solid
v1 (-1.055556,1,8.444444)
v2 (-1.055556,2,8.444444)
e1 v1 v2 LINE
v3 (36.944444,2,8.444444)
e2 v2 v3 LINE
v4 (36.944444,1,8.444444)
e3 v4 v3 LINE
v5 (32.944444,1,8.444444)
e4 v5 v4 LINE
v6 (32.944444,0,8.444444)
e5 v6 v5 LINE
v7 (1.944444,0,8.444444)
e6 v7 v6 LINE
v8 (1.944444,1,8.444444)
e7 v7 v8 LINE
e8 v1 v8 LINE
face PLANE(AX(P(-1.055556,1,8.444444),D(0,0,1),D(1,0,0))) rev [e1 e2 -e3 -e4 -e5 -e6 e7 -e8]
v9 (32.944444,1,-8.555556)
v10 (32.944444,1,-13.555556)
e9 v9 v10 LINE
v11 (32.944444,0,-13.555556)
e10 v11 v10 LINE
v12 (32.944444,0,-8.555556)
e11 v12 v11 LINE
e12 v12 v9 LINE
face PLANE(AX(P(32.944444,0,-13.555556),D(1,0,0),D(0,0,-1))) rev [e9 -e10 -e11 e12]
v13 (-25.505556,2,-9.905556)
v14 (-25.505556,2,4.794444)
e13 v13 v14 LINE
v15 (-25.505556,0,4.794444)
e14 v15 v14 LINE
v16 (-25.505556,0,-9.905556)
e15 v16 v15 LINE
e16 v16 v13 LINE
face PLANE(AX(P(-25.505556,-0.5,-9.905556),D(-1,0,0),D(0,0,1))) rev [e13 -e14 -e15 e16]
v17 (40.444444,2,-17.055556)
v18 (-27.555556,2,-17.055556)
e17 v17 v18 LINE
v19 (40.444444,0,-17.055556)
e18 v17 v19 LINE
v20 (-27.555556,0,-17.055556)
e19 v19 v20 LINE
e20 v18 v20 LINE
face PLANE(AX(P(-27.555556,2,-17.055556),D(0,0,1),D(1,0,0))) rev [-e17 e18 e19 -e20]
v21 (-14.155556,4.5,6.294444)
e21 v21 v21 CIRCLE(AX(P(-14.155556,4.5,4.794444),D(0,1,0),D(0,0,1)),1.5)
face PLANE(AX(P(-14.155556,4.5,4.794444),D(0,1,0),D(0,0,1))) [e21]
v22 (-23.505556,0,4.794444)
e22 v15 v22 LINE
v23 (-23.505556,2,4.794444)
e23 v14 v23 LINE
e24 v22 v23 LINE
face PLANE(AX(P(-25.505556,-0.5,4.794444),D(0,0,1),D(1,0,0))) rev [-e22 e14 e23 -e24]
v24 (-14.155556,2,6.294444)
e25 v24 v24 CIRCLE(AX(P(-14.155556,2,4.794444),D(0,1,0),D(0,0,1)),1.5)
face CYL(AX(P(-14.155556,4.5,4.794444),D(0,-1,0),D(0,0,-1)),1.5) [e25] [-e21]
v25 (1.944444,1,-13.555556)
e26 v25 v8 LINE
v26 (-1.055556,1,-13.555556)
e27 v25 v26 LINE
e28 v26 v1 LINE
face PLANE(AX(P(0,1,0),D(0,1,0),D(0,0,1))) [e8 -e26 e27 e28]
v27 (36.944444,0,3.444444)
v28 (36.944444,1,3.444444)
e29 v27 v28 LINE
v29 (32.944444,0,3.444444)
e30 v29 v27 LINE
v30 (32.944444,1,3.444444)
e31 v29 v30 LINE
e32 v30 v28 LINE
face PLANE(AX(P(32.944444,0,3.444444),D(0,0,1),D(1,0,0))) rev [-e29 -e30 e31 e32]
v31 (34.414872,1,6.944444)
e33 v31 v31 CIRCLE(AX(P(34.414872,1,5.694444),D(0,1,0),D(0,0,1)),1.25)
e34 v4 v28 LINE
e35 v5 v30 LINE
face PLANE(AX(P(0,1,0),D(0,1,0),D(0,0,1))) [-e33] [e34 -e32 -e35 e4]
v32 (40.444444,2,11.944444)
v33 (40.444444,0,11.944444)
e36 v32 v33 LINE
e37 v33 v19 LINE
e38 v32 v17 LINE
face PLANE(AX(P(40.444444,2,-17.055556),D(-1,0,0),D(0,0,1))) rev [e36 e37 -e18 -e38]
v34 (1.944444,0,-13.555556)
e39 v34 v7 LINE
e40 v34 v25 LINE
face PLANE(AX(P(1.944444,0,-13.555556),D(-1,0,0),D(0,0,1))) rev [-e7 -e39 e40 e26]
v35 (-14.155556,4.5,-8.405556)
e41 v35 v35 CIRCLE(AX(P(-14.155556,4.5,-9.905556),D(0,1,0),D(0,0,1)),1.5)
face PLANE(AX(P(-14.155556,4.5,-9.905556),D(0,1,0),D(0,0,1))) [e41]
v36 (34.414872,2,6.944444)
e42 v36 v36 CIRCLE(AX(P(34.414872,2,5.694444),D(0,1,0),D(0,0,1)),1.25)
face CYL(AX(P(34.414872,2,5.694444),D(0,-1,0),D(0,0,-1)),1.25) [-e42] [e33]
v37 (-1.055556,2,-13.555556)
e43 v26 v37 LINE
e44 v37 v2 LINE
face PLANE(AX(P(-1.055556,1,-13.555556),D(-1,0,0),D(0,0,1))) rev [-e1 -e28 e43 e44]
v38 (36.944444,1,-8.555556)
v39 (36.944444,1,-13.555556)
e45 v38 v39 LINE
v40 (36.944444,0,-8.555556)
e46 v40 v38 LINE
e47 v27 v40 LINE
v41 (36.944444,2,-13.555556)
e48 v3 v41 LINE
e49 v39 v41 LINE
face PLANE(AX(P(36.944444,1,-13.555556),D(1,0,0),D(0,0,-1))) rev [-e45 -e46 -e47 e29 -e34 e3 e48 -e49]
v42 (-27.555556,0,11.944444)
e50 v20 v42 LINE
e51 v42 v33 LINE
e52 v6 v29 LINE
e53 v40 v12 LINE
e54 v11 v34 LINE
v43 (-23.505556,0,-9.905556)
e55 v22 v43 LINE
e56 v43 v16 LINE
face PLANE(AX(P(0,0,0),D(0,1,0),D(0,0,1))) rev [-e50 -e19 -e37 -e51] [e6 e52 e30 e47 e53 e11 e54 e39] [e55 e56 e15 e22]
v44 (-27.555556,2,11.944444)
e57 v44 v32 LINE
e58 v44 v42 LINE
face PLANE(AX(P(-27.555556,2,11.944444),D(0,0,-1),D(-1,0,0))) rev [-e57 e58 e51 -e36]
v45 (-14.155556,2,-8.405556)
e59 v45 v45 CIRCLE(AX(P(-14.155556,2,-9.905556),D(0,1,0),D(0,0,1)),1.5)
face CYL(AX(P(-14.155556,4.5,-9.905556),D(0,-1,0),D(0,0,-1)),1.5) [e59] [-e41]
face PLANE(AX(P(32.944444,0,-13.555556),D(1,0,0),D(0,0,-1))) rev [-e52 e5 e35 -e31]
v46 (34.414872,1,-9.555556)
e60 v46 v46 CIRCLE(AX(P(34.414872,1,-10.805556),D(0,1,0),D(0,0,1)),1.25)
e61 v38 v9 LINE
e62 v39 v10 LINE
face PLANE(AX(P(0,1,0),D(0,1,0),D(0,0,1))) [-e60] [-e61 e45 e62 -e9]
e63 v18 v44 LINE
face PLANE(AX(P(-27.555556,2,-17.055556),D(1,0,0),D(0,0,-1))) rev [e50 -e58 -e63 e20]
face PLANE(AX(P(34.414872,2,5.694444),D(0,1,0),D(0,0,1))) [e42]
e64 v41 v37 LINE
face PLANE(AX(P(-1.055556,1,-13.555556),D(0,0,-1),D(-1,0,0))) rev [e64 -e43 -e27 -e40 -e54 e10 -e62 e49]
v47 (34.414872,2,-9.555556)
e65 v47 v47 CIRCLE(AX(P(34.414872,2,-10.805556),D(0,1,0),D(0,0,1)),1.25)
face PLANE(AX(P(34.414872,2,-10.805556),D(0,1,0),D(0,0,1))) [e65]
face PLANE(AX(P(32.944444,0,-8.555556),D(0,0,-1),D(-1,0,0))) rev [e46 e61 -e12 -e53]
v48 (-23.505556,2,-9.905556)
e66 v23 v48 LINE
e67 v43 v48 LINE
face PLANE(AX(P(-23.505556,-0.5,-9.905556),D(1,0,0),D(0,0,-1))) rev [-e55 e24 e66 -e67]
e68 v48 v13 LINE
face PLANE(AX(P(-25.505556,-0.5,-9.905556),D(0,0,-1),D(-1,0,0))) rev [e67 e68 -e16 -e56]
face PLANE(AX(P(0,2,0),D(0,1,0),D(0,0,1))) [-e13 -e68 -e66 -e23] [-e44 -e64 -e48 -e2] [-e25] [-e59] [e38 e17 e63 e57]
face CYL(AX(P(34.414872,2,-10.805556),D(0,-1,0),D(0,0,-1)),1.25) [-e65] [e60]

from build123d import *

# Parameters (mm, degrees)
SKETCH1_W             = 68
SKETCH1_H             = 29
BASE_DEPTH            = 2
SKETCH2_R             = 1.5
LEFT_PEG_DEPTH        = 2.5
SKETCH3_R             = 1.5
RIGHT_PEG_DEPTH       = 2.5
SKETCH4_W             = 2
SKETCH4_H             = 14.7
ACCEL_WIRE_HOLE_DEPTH = 2.5
SKETCH5_W             = 38
SKETCH5_H             = 22
OUTER_CUT_DEPTH       = 1
SKETCH6_W             = 31
SKETCH6_H             = 22
INNER_CUT_DEPTH       = 1
SKETCH7_W             = 4
SKETCH7_H             = 12
BETWEEN_PEG_CUT_DEPTH = 1
SKETCH8_R             = 1.25
PEGS_DEPTH            = 1


with BuildPart() as part:
    # Sketch1 → base (new body)
    with BuildSketch(Plane(origin=(0, 0, 0), x_dir=(1, 0, 0), z_dir=(0, 1, 0))):
        with Locations((6.444444444, 2.555555556)):
            Rectangle(SKETCH1_W, SKETCH1_H)
    extrude(amount=BASE_DEPTH)

    # Sketch2 → left peg (add)
    with BuildSketch(Plane(origin=(0, 2, 0), x_dir=(1, 0, 0), z_dir=(0, 1, 0))):
        with Locations(Location((-14.155555556, -4.794444444, 0), (0, 0, 270))):
            Circle(SKETCH2_R)
    extrude(amount=LEFT_PEG_DEPTH)

    # Sketch3 → right peg (add)
    with BuildSketch(Plane(origin=(0, 2, 0), x_dir=(1, 0, 0), z_dir=(0, 1, 0))):
        with Locations(Location((-14.155555556, 9.905555556, 0), (0, 0, 270))):
            Circle(SKETCH3_R)
    extrude(amount=RIGHT_PEG_DEPTH)

    # Sketch4 → accel wire hole (cut)
    with BuildSketch(Plane(origin=(0, 2, 0), x_dir=(1, 0, 0), z_dir=(0, 1, 0))):
        with Locations((-24.505555556, 2.555555556)):
            Rectangle(SKETCH4_W, SKETCH4_H)
    extrude(amount=-ACCEL_WIRE_HOLE_DEPTH, mode=Mode.SUBTRACT)

    # Sketch5 → outer cut (cut)
    with BuildSketch(Plane(origin=(0, 2, 0), x_dir=(1, 0, 0), z_dir=(0, 1, 0))):
        with Locations((17.944444444, 2.555555556)):
            Rectangle(SKETCH5_W, SKETCH5_H)
    extrude(amount=-OUTER_CUT_DEPTH, mode=Mode.SUBTRACT)

    # Sketch6 → inner cut (cut)
    with BuildSketch(Plane(origin=(0, 1, 0), x_dir=(1, 0, 0), z_dir=(0, 1, 0))):
        with Locations((17.444444444, 2.555555556)):
            Rectangle(SKETCH6_W, SKETCH6_H)
    extrude(amount=-INNER_CUT_DEPTH, mode=Mode.SUBTRACT)

    # Sketch7 → between peg cut (cut)
    with BuildSketch(Plane(origin=(0, 1, 0), x_dir=(1, 0, 0), z_dir=(0, 1, 0))):
        with Locations((34.944444444, 2.555555556)):
            Rectangle(SKETCH7_W, SKETCH7_H)
    extrude(amount=-BETWEEN_PEG_CUT_DEPTH, mode=Mode.SUBTRACT)

    # Sketch8 → pegs (add)
    with BuildSketch(Plane(origin=(0, 1, 0), x_dir=(1, 0, 0), z_dir=(0, 1, 0))):
        with Locations(Location((34.414871673, 10.805555556, 0), (0, 0, 270))):
            Circle(SKETCH8_R)
        with Locations(Location((34.414871673, -5.694444444, 0), (0, 0, 270))):
            Circle(SKETCH8_R)
    extrude(amount=PEGS_DEPTH)


solid = part.part
